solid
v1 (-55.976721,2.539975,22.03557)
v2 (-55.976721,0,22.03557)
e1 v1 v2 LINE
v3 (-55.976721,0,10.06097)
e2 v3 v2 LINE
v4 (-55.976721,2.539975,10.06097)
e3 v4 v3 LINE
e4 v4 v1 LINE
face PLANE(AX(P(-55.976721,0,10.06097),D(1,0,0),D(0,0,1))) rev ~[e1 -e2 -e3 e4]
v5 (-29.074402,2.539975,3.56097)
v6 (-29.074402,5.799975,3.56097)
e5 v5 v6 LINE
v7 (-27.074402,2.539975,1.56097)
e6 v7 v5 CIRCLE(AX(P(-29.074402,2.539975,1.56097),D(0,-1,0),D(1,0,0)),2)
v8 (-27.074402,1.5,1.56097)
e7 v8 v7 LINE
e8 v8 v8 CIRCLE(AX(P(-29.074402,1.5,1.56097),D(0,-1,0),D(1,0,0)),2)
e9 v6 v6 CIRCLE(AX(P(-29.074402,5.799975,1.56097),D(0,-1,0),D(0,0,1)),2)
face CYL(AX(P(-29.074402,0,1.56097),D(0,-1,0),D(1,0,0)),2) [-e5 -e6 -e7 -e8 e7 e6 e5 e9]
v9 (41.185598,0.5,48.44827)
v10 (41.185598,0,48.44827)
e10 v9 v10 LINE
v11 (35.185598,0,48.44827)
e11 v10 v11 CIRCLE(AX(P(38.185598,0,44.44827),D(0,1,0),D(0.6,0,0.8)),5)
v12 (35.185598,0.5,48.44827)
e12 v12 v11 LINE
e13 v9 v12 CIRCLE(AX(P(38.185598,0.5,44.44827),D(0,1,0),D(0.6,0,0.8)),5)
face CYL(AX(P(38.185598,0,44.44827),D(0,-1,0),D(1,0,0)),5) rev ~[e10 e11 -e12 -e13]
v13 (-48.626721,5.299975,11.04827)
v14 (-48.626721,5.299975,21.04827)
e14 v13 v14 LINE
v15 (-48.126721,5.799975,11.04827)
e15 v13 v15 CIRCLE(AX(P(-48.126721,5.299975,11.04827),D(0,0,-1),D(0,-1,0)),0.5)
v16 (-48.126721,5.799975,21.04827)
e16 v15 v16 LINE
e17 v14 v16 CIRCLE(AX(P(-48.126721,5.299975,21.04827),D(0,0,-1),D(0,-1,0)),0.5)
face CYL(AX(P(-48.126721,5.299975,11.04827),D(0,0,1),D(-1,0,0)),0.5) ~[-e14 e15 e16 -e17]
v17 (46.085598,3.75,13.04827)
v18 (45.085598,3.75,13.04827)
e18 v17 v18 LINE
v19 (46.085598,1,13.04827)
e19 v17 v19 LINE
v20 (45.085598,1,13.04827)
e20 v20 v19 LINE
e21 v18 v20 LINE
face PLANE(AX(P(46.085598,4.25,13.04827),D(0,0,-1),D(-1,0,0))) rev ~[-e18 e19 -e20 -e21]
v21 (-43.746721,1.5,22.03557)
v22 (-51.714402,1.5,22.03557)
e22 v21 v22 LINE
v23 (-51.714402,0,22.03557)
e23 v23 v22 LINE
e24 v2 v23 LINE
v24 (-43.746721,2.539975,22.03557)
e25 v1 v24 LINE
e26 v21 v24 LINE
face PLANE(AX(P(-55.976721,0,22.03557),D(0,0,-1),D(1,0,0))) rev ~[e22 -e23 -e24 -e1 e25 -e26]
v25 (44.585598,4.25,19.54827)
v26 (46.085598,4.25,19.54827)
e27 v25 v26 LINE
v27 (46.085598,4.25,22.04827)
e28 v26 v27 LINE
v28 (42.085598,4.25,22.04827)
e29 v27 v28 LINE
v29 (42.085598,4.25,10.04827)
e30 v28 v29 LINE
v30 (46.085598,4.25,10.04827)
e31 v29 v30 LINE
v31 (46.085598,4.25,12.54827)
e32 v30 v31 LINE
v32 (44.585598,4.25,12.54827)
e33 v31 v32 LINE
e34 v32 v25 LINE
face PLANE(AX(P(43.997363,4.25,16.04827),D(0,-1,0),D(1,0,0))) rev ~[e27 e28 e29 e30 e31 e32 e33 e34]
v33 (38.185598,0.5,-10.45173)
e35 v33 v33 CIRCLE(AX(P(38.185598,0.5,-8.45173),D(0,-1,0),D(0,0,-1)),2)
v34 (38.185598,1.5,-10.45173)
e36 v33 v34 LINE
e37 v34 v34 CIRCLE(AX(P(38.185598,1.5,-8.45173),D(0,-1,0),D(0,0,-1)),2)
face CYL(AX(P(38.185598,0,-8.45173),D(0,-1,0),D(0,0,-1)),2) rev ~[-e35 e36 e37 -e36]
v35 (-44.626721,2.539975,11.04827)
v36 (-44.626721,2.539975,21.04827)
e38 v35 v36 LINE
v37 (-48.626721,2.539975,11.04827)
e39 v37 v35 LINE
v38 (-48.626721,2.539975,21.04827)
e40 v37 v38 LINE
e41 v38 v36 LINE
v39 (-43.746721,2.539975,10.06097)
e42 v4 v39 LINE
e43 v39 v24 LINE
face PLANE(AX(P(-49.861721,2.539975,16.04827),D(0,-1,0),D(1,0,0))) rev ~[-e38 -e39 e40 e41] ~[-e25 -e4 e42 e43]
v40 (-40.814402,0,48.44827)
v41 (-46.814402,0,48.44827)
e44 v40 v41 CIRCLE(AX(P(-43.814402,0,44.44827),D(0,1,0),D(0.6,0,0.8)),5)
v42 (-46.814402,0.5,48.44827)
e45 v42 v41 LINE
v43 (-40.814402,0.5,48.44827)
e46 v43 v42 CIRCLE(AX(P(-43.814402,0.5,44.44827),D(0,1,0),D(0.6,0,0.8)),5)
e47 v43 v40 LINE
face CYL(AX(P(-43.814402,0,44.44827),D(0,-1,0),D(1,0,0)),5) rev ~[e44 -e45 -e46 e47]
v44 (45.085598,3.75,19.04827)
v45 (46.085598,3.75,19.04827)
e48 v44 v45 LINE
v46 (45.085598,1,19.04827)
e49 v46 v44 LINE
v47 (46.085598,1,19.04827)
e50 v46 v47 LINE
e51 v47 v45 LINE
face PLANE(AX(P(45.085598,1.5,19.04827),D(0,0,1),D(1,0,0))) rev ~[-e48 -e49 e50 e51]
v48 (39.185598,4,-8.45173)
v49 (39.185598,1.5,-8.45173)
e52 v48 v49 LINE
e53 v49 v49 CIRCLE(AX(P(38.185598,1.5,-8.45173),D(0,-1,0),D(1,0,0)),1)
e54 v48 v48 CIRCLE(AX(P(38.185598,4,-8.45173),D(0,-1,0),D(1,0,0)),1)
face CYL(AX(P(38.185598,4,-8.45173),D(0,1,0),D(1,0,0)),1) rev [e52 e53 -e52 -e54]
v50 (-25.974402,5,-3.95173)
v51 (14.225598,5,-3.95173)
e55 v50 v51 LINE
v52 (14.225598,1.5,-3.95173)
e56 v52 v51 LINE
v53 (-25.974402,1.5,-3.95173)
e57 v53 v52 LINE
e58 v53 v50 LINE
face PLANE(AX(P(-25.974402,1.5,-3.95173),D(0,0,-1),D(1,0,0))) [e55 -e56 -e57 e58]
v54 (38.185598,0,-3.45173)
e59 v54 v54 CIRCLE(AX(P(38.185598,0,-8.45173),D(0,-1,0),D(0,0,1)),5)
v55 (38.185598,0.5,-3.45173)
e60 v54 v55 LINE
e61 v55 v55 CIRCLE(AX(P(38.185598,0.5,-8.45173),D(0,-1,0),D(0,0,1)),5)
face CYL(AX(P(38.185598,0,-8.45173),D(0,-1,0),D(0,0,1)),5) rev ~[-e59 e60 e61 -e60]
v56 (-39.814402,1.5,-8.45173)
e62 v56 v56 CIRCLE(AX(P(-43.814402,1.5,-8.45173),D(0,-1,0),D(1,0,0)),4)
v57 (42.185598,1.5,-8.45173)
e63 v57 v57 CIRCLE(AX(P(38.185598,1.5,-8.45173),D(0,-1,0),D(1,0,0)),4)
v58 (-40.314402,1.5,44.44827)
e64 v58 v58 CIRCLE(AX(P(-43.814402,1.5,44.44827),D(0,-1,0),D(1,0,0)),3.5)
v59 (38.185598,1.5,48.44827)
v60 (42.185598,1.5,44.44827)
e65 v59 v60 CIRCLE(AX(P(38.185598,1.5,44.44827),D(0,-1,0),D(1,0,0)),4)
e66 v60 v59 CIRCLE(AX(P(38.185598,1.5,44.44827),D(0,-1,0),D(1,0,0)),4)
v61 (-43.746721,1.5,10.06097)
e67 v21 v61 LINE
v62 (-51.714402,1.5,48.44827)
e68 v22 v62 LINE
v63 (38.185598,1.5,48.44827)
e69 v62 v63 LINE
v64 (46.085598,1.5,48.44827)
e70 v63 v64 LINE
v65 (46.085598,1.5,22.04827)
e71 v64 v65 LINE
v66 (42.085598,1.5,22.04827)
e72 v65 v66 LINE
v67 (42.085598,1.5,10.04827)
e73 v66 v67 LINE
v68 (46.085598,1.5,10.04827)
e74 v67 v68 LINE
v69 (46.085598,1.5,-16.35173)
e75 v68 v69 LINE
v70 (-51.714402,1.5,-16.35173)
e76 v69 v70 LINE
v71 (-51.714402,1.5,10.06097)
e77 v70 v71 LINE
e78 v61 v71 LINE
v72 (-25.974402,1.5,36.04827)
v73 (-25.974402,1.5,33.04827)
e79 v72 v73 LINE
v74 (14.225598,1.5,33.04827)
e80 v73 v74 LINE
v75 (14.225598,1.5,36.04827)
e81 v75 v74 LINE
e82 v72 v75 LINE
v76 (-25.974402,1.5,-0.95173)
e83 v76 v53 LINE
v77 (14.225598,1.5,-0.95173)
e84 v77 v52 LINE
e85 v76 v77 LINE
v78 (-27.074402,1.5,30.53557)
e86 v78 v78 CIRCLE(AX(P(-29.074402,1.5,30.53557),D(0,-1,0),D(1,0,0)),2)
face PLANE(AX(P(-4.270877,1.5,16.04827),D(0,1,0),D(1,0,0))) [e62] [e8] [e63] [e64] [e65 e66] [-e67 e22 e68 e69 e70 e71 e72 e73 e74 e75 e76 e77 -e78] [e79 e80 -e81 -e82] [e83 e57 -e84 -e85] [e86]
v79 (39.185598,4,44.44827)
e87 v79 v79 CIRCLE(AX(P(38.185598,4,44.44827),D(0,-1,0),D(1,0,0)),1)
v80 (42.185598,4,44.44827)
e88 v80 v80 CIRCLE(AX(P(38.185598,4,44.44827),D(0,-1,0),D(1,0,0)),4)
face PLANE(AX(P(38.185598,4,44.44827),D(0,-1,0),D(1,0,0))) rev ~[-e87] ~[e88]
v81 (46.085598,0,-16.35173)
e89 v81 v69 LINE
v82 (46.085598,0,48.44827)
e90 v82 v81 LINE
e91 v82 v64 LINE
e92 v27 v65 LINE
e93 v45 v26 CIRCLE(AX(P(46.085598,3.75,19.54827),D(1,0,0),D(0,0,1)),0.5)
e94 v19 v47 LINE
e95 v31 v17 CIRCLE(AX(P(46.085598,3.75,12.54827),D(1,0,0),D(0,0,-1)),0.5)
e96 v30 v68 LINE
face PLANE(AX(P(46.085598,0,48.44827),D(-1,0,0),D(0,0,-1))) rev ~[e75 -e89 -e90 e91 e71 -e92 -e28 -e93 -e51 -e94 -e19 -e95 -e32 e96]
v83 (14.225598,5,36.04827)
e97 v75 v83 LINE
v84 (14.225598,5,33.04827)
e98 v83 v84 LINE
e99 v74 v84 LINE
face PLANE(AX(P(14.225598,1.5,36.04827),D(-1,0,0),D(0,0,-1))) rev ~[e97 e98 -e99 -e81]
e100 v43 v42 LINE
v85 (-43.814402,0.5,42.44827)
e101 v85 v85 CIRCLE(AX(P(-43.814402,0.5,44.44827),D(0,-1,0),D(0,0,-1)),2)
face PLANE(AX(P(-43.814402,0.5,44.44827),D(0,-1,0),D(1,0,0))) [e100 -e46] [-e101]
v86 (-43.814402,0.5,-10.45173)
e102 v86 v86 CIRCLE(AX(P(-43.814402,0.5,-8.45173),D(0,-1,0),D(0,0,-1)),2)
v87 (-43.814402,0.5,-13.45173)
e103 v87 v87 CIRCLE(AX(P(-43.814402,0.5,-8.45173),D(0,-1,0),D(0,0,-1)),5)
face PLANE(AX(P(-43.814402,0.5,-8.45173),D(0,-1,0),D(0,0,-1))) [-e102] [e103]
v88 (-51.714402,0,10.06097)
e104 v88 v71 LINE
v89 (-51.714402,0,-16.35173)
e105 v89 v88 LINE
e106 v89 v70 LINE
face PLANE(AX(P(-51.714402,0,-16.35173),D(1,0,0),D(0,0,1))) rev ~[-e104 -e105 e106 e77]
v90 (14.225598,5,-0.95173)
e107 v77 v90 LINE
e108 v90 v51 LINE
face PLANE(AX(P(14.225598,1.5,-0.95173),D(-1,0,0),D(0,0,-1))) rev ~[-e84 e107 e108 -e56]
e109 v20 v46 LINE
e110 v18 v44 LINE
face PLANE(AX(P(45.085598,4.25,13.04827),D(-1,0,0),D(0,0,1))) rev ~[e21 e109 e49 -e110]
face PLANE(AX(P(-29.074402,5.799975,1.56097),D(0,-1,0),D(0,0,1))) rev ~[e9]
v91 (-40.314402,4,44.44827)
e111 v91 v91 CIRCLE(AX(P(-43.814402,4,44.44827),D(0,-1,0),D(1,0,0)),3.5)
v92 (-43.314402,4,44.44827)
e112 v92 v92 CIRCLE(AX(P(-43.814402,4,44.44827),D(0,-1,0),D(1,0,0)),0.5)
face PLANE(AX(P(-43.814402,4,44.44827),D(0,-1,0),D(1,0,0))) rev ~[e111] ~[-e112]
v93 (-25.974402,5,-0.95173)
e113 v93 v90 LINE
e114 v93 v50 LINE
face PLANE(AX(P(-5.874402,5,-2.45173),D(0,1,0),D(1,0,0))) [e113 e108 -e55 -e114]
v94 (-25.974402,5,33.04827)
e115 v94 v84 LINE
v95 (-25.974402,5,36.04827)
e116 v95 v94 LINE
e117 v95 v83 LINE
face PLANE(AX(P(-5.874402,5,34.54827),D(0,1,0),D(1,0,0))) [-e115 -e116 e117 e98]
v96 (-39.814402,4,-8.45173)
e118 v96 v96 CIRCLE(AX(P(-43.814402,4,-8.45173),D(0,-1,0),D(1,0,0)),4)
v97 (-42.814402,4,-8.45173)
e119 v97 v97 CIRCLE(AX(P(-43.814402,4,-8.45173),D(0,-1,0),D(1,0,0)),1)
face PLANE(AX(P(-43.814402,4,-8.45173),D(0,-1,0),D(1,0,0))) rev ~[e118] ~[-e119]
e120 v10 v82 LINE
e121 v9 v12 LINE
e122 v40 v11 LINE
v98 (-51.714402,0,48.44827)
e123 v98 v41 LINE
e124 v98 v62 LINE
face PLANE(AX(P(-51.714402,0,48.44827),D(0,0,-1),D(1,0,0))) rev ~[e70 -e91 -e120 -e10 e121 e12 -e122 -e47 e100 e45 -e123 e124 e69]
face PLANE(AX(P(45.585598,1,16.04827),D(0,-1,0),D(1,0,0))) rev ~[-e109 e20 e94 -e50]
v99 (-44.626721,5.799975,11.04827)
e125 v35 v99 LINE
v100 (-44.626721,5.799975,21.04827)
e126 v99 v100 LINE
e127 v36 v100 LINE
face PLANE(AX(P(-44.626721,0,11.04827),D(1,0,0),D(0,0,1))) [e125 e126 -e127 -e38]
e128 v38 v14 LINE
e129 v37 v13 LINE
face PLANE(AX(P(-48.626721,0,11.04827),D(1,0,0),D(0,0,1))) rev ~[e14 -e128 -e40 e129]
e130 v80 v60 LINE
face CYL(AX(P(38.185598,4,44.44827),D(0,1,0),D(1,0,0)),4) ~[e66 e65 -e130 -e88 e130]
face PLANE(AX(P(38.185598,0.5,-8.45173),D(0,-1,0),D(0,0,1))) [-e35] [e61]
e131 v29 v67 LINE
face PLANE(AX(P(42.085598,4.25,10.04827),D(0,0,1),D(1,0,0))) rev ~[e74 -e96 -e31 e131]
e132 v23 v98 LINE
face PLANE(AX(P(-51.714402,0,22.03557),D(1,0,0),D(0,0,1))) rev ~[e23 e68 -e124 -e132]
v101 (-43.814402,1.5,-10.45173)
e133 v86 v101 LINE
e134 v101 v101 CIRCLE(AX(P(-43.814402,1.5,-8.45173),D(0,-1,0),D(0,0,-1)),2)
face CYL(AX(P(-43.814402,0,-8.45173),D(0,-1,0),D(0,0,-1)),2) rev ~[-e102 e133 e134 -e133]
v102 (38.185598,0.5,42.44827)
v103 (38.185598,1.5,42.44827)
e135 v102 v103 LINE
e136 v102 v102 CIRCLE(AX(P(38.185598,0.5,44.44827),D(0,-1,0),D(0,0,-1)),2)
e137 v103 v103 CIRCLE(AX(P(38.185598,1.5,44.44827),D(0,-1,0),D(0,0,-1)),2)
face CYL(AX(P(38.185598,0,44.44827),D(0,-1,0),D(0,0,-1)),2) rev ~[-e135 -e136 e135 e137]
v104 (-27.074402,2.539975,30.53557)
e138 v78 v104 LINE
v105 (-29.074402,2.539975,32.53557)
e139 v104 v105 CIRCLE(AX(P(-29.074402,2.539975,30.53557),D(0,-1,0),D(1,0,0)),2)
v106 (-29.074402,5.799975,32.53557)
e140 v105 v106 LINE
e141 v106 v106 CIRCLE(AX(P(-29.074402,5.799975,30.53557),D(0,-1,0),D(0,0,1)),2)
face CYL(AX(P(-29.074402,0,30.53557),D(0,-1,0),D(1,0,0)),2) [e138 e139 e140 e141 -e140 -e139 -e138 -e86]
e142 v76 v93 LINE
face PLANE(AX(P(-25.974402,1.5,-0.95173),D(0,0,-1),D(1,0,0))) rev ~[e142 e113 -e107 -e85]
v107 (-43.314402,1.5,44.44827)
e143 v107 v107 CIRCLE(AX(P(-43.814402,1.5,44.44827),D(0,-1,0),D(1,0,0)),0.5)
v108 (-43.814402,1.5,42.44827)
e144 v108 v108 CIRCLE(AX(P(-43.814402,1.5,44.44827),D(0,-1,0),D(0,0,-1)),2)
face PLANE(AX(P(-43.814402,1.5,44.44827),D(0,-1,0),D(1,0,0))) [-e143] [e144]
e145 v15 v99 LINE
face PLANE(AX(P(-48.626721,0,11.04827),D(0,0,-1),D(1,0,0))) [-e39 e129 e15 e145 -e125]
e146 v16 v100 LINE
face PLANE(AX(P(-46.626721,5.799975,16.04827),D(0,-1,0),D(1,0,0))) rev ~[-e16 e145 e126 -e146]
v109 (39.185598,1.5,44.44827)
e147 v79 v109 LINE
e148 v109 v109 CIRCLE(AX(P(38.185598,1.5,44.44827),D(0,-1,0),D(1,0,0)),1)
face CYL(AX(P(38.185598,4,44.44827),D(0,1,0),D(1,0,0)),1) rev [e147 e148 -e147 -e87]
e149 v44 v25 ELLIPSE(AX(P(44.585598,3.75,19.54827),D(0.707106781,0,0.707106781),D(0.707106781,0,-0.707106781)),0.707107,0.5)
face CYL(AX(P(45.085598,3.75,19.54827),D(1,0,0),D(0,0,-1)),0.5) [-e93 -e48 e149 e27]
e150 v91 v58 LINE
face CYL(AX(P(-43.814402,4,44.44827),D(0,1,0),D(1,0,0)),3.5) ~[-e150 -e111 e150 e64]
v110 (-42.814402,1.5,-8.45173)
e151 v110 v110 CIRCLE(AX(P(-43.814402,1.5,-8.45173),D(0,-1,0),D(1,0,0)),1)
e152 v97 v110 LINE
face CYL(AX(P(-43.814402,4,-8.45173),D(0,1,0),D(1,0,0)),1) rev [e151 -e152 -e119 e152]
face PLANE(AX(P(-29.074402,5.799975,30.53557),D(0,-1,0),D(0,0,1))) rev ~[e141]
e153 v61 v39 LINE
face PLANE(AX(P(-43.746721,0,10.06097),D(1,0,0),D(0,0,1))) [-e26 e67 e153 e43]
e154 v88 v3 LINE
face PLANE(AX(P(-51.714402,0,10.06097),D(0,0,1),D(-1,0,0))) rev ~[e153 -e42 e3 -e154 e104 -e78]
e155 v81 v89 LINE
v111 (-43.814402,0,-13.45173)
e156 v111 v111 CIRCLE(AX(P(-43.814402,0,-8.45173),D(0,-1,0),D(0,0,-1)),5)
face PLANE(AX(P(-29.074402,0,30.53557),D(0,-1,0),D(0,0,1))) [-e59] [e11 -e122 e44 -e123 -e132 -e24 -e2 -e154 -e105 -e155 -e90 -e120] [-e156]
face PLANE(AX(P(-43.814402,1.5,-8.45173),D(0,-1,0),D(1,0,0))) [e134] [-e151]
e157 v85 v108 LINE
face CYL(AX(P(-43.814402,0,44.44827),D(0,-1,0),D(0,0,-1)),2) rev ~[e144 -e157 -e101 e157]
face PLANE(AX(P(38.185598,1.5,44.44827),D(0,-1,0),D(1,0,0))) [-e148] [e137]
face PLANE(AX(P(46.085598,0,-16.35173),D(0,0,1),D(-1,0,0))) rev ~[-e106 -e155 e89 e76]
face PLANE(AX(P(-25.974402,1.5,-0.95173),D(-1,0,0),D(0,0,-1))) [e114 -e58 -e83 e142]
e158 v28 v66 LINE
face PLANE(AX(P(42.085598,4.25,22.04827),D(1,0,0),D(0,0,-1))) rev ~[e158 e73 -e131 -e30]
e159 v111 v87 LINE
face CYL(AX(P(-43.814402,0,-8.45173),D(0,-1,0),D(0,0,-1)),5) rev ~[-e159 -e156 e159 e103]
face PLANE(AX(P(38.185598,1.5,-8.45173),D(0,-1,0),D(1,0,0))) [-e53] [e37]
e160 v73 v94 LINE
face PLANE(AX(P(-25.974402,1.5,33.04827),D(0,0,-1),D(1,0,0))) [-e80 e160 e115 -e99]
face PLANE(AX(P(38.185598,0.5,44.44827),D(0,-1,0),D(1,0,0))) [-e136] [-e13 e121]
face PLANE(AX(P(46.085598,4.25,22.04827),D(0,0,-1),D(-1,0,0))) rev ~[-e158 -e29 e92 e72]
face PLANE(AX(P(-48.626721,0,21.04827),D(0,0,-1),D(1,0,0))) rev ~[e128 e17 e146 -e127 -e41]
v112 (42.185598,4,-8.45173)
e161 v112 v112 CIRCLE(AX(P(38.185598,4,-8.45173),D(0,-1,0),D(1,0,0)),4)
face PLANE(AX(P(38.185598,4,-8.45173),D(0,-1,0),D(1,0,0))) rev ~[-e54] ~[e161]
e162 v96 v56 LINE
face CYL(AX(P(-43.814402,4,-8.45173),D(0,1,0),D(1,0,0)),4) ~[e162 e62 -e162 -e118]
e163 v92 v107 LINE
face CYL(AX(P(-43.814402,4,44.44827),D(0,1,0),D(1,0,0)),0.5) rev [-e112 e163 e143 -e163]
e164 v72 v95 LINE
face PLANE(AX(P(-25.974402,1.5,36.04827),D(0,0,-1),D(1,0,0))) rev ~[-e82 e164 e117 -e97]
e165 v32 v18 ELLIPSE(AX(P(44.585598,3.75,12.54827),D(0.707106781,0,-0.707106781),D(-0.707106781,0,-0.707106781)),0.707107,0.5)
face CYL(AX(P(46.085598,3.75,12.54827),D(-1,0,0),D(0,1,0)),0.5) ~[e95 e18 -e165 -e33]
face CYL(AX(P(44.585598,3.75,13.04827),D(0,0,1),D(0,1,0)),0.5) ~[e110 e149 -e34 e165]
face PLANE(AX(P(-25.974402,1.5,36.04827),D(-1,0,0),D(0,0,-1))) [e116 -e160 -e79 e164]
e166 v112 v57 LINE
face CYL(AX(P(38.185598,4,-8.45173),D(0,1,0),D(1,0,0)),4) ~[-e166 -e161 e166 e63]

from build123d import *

# Parameters (mm, degrees)
EXTRUDE_1_DEPTH     = 1.5
SKETCH_2_R          = 5
CUT_EXTRUDE_1_DEPTH = 0.5
SKETCH_11_R         = 2
SKETCH_11_W         = 12.230000074
SKETCH_11_H         = 11.97459995
EXTRUDE_5_DEPTH     = 2.539974634
SKETCH_13_R         = 2
SKETCH_13_W         = 4
SKETCH_13_H         = 10
TYPEC_2_DEPTH       = 5.7999746
LED_3_START         = -4.25
LED_3_DEPTH         = 2.75
LED_1_R             = 0.5
CUT_EXTRUDE_2_REACH = 76.258
SKETCH_15_R         = 2
EXTRUDE_START       = -4
SKETCH_16_R         = 4
SKETCH_16_R_2       = 1
SKETCH_16_R_3       = 3.5
SKETCH_16_R_4       = 0.5
EXTRUDE_4_DEPTH     = 2.5
LED_2_START         = -1.5
SKETCH_17_W         = 1
SKETCH_17_H         = 6
LED_2_DEPTH         = 0.5
SKETCH_18_W         = 40.2
SKETCH_18_H         = 3
EXTRUDE_2_DEPTH     = 3.5


with BuildPart() as part:
    # 草图1 → 凸台-拉伸1 (new body)
    with BuildSketch(Plane(origin=(0, 0, 0), x_dir=(1, 0, 0), z_dir=(0, 1, 0))):
        Polygon((-51.714401711, -10.060969859), (-55.976720774, -10.060969859), (-55.976720774, -22.035569809), (-51.714401711, -22.035569809), (-51.714401711, -48.448269834), (46.085598289, -48.448269834), (46.085598289, 16.351730166), (-51.714401711, 16.351730166), align=None)
    extrude(amount=EXTRUDE_1_DEPTH)

    # 草图2 → 防滑切除-拉伸1 (cut)
    with BuildSketch(Plane.XZ):
        with Locations((-43.814401711, 44.448269834)):
            Circle(SKETCH_2_R)
        with Locations((38.185598289, 44.448269834)):
            Circle(SKETCH_2_R)
        with Locations(Location((38.185598289, -8.451730166, 0), (0, 0, 90))):
            Circle(SKETCH_2_R)
        with Locations(Location((-43.814401711, -8.451730166, 0), (0, 0, 270))):
            Circle(SKETCH_2_R)
    extrude(amount=-CUT_EXTRUDE_1_DEPTH, mode=Mode.SUBTRACT)

    # 草图11 → 充电板档板凸台-拉伸5 (add)
    with BuildSketch(Plane.XZ):
        with Locations((-29.074401711, 30.535569809)):
            Circle(SKETCH_11_R)
        with Locations((-29.074401711, 1.560969859)):
            Circle(SKETCH_11_R)
        with Locations((-49.861720737, 16.048269834)):
            Rectangle(SKETCH_11_W, SKETCH_11_H)
    extrude(amount=-EXTRUDE_5_DEPTH)

    # 草图13 → TypeC支撑凸台-拉伸2 (add)
    with BuildSketch(Plane.XZ):
        with Locations(Location((-29.074401711, 30.535569809, 0), (0, 0, 90))):
            Circle(SKETCH_13_R)
        with Locations(Location((-29.074401711, 1.560969859, 0), (0, 0, 90))):
            Circle(SKETCH_13_R)
        with Locations((-46.6267207, 16.048269834)):
            Rectangle(SKETCH_13_W, SKETCH_13_H)
    extrude(amount=-TYPEC_2_DEPTH)

    # 草图14 → LED限位凸台-拉伸3 (add)
    with BuildSketch(Plane.XZ.offset(LED_3_START)):
        Polygon((45.085598289, 13.048269834), (45.085598289, 19.048269834), (46.085598289, 19.048269834), (46.085598289, 22.048269834), (42.085598289, 22.048269834), (42.085598289, 10.048269834), (46.085598289, 10.048269834), (46.085598289, 13.048269834), align=None)
    extrude(amount=LED_3_DEPTH)

    # LED限位圆角1
    led_1_edges = [part.edges().sort_by_distance(p)[0] for p in [
        (-48.6267207, 5.7999746, 16.048269834),
        (45.585598289, 4.25, 19.048269834),
        (45.585598289, 4.25, 13.048269834),
        (45.085598289, 4.25, 16.048269834),
    ]]
    fillet(led_1_edges, radius=LED_1_R)

    # 草图15 → 螺丝孔位切除-拉伸2 (cut, up to next)
    with BuildSketch(Plane.XZ, mode=Mode.PRIVATE) as cut_extrude_2_sk1:
        with Locations(Location((-43.814401711, -8.451730166, 0), (0, 0, 270))):
            Circle(SKETCH_15_R)
    cut_extrude_2_tool1 = extrude(cut_extrude_2_sk1.sketch, amount=-CUT_EXTRUDE_2_REACH, mode=Mode.PRIVATE) & part.part
    # 草图15 → 螺丝孔位切除-拉伸2 (cut, up to next)
    with BuildSketch(Plane.XZ, mode=Mode.PRIVATE) as cut_extrude_2_sk2:
        with Locations(Location((-43.814401711, 44.448269834, 0), (0, 0, 270))):
            Circle(SKETCH_15_R)
    cut_extrude_2_tool2 = extrude(cut_extrude_2_sk2.sketch, amount=-CUT_EXTRUDE_2_REACH, mode=Mode.PRIVATE) & part.part
    # 草图15 → 螺丝孔位切除-拉伸2 (cut, up to next)
    with BuildSketch(Plane.XZ, mode=Mode.PRIVATE) as cut_extrude_2_sk3:
        with Locations(Location((38.185598289, -8.451730166, 0), (0, 0, 270))):
            Circle(SKETCH_15_R)
    cut_extrude_2_tool3 = extrude(cut_extrude_2_sk3.sketch, amount=-CUT_EXTRUDE_2_REACH, mode=Mode.PRIVATE) & part.part
    # 草图15 → 螺丝孔位切除-拉伸2 (cut, up to next)
    with BuildSketch(Plane.XZ, mode=Mode.PRIVATE) as cut_extrude_2_sk4:
        with Locations(Location((38.185598289, 44.448269834, 0), (0, 0, 270))):
            Circle(SKETCH_15_R)
    cut_extrude_2_tool4 = extrude(cut_extrude_2_sk4.sketch, amount=-CUT_EXTRUDE_2_REACH, mode=Mode.PRIVATE) & part.part
    add(cut_extrude_2_tool1.solids().sort_by_distance((-43.814402, 0, -8.45173))[0], mode=Mode.SUBTRACT)
    add(cut_extrude_2_tool2.solids().sort_by_distance((-43.814402, 0, 44.44827))[0], mode=Mode.SUBTRACT)
    add(cut_extrude_2_tool3.solids().sort_by_distance((38.185598, 0, -8.45173))[0], mode=Mode.SUBTRACT)
    add(cut_extrude_2_tool4.solids().sort_by_distance((38.185598, 0, 44.44827))[0], mode=Mode.SUBTRACT)

    # 草图16 → 螺丝孔凸台-拉伸4 (add)
    # profile 1 of 4: a face of its own
    with BuildSketch(Plane.XZ.offset(EXTRUDE_START)):
        with Locations((38.185598289, -8.451730166)):
            Circle(SKETCH_16_R)
        with Locations((38.185598289, -8.451730166)):
            Circle(SKETCH_16_R_2, mode=Mode.SUBTRACT)
    # profile 2 of 4: a face of its own
    with BuildSketch(Plane.XZ.offset(EXTRUDE_START)):
        with Locations((38.185598289, 44.448269834)):
            Circle(SKETCH_16_R)
        with Locations((38.185598289, 44.448269834)):
            Circle(SKETCH_16_R_2, mode=Mode.SUBTRACT)
    # profile 3 of 4: a face of its own
    with BuildSketch(Plane.XZ.offset(EXTRUDE_START)):
        with Locations((-43.814401711, -8.451730166)):
            Circle(SKETCH_16_R)
        with Locations((-43.814401711, -8.451730166)):
            Circle(SKETCH_16_R_2, mode=Mode.SUBTRACT)
    # profile 4 of 4: a face of its own
    with BuildSketch(Plane.XZ.offset(EXTRUDE_START)):
        with Locations((-43.814401711, 44.448269834)):
            Circle(SKETCH_16_R_3)
        with Locations((-43.814401711, 44.448269834)):
            Circle(SKETCH_16_R_4, mode=Mode.SUBTRACT)
    extrude(amount=EXTRUDE_4_DEPTH)

    # 草图17 → LED灯嵌入切除-拉伸2 (cut)
    with BuildSketch(Plane.XZ.offset(LED_2_START)):
        with Locations((45.585598289, 16.048269834)):
            Rectangle(SKETCH_17_W, SKETCH_17_H)
    extrude(amount=LED_2_DEPTH, mode=Mode.SUBTRACT)

    # 草图18 → 散热板支撑凸台-拉伸2 (add)
    with BuildSketch(Plane(origin=(0, 1.5, 0), x_dir=(1, 0, 0), z_dir=(0, 1, 0))):
        with Locations((-5.874401711, 2.451730166)):
            Rectangle(SKETCH_18_W, SKETCH_18_H)
        with Locations((-5.874401711, -34.548269834)):
            Rectangle(SKETCH_18_W, SKETCH_18_H)
    extrude(amount=EXTRUDE_2_DEPTH)


solid = part.part
